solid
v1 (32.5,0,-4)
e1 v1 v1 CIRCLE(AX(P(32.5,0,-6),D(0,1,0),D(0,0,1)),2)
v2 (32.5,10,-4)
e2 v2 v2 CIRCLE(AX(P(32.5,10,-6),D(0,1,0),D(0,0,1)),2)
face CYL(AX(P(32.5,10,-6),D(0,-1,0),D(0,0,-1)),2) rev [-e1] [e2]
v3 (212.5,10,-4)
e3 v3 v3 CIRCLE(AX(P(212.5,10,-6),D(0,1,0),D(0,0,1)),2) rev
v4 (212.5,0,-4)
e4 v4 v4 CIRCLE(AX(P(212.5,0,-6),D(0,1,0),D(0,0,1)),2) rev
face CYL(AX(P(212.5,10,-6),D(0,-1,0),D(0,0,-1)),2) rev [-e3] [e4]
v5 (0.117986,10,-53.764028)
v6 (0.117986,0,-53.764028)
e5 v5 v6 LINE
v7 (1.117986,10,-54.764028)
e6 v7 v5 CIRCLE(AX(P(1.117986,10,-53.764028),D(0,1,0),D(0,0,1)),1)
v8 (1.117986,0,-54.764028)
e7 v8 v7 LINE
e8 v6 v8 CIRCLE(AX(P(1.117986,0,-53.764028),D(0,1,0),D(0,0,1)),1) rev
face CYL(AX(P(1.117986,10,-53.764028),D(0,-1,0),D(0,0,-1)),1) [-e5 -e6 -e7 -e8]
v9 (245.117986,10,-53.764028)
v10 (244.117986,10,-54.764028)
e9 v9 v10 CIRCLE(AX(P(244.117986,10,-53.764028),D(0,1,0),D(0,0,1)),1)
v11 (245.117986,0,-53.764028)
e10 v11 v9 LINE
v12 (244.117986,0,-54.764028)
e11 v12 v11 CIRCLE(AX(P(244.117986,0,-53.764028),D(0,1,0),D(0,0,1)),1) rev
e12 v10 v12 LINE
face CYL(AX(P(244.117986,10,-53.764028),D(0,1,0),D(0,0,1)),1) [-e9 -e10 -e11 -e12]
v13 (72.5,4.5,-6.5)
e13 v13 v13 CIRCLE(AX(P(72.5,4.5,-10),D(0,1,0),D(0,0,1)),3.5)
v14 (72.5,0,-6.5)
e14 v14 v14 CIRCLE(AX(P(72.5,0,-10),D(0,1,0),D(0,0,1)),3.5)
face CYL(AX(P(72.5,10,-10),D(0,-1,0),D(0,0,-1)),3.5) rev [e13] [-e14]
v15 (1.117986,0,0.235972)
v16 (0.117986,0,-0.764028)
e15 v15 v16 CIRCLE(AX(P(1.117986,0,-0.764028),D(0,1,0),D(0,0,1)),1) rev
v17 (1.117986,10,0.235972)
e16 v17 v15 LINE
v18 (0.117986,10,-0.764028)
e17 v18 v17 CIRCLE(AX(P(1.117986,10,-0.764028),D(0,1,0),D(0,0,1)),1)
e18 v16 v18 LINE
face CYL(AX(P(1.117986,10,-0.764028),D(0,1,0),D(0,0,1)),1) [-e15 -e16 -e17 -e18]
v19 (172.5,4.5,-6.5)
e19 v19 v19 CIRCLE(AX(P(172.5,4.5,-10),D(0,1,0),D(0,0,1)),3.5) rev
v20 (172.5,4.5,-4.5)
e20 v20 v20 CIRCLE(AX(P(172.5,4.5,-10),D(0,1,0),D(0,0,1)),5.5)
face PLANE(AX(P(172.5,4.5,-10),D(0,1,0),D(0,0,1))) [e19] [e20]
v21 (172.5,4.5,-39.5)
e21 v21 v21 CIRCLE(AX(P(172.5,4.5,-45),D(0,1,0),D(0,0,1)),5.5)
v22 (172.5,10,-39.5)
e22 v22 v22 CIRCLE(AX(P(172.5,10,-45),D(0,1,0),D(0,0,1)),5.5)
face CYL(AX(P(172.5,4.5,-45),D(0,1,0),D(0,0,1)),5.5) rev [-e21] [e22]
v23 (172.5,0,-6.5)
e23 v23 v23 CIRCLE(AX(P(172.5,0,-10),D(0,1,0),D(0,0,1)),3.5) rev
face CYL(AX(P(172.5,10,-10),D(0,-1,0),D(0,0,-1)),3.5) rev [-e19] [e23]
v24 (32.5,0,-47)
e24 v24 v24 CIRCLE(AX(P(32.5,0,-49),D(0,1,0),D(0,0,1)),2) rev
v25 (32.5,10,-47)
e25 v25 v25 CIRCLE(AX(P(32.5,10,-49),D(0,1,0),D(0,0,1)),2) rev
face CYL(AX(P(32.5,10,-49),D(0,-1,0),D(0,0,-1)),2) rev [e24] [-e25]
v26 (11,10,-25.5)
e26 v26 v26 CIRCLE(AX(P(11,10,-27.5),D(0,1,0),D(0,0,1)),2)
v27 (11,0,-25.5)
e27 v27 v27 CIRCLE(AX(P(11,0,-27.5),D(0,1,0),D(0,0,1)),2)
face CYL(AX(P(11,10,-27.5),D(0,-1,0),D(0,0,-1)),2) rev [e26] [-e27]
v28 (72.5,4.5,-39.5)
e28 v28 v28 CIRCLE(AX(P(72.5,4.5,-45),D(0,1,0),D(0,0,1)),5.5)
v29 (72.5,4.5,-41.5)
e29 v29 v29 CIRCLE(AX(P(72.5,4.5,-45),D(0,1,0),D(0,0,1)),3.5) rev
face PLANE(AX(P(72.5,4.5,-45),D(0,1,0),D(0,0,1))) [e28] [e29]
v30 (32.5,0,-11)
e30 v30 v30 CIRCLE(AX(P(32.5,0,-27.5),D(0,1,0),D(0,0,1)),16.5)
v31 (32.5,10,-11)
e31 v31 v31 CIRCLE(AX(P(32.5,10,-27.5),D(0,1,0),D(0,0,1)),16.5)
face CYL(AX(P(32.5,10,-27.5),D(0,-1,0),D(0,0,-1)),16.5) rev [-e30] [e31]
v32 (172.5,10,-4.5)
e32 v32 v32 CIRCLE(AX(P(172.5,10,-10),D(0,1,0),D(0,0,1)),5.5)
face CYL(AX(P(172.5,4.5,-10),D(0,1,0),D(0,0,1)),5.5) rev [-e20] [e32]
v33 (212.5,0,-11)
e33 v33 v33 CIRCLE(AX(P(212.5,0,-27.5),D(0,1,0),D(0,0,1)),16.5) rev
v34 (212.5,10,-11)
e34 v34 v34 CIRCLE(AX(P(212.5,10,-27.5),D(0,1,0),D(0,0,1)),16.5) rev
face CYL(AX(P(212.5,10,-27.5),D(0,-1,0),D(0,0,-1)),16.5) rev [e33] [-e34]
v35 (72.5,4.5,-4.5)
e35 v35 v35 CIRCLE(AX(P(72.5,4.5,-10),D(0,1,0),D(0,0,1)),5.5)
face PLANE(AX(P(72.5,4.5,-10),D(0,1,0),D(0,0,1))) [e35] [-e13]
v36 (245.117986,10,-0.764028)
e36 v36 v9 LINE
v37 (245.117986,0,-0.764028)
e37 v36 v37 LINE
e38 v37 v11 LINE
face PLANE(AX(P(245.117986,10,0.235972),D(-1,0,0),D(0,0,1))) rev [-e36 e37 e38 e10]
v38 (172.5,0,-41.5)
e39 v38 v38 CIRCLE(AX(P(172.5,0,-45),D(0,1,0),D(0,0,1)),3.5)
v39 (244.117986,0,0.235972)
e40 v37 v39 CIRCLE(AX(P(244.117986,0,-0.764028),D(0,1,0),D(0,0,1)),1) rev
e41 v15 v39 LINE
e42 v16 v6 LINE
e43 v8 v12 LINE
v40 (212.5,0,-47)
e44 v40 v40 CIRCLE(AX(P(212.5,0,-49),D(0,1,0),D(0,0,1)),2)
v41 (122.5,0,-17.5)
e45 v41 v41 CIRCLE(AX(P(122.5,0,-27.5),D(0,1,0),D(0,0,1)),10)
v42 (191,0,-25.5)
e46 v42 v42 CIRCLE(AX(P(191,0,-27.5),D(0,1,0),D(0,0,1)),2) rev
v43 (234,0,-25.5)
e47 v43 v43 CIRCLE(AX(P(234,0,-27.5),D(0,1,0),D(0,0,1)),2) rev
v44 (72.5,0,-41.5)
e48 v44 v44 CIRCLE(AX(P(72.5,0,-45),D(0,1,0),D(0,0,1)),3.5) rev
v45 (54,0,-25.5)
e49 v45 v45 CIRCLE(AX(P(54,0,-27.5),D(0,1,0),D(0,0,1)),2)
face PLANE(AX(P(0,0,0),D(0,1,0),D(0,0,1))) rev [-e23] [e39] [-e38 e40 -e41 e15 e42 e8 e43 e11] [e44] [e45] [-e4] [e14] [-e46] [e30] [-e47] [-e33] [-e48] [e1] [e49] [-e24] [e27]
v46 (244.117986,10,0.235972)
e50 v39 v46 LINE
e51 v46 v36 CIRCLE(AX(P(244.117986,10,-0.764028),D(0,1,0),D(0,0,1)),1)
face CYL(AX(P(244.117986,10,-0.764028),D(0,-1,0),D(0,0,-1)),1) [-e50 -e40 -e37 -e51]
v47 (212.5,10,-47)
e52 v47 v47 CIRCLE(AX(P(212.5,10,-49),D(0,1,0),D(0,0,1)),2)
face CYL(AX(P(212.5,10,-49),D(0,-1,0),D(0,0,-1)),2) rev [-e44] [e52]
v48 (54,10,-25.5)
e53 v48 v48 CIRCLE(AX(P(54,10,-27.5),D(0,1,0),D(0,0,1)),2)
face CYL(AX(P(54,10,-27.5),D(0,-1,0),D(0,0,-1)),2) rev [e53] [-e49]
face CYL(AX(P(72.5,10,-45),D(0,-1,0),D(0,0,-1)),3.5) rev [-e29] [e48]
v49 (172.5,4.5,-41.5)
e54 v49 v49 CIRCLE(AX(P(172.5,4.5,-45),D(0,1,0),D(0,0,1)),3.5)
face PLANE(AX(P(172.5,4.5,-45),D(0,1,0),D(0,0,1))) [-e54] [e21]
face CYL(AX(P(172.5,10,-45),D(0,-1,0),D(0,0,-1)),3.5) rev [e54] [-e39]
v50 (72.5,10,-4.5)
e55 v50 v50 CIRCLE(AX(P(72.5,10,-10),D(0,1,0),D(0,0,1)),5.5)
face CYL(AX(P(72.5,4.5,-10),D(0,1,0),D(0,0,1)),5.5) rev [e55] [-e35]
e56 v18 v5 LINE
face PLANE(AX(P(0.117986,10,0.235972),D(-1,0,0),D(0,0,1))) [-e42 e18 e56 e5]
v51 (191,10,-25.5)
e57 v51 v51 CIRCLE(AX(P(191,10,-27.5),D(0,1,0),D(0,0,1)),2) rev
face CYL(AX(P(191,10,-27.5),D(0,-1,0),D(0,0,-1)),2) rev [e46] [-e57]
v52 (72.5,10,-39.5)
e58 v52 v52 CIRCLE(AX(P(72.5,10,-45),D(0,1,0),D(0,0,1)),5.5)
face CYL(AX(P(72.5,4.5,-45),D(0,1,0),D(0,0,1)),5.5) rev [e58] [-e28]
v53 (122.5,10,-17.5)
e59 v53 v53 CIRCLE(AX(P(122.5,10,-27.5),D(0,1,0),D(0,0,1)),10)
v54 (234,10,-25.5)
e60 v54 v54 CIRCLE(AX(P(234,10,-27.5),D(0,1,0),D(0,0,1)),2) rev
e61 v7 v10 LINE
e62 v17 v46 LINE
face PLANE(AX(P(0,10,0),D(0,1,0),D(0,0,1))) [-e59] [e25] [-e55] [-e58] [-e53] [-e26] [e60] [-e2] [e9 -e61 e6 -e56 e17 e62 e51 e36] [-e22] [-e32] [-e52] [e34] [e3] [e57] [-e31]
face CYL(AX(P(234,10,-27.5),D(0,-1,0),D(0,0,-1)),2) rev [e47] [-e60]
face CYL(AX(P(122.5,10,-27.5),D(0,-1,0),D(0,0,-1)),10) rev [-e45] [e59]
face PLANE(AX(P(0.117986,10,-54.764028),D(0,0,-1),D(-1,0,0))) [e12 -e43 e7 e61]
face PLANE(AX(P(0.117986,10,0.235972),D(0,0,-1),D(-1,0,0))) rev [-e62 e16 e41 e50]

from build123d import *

# Parameters (mm, degrees)
SKETCH_1_W          = 245
SKETCH_1_H          = 55
SKETCH_1_R          = 16.5
SKETCH_1_R_2        = 2
SKETCH_1_R_3        = 3.5
SKETCH_1_R_4        = 10
EXTRUDE_4_DEPTH     = 10
SKETCH_2_R          = 5.5
CUT_EXTRUDE_1_DEPTH = 5.5
FILLET_1_R          = 1


with BuildPart() as part:
    # 草图1 → 凸台-拉伸4 (new body)
    with BuildSketch(Plane(origin=(0, 0, 0), x_dir=(1, 0, 0), z_dir=(0, 1, 0))):
        with Locations((122.617986059, 27.264027881)):
            Rectangle(SKETCH_1_W, SKETCH_1_H)
        with Locations(Location((32.5, 27.5, 0), (0, 0, 270))):
            Circle(SKETCH_1_R, mode=Mode.SUBTRACT)
        with Locations(Location((11, 27.5, 0), (0, 0, 270))):
            Circle(SKETCH_1_R_2, mode=Mode.SUBTRACT)
        with Locations(Location((54, 27.5, 0), (0, 0, 270))):
            Circle(SKETCH_1_R_2, mode=Mode.SUBTRACT)
        with Locations(Location((32.5, 6, 0), (0, 0, 270))):
            Circle(SKETCH_1_R_2, mode=Mode.SUBTRACT)
        with Locations(Location((72.5, 10, 0), (0, 0, 270))):
            Circle(SKETCH_1_R_3, mode=Mode.SUBTRACT)
        with Locations(Location((72.5, 45, 0), (0, 0, 270))):
            Circle(SKETCH_1_R_3, mode=Mode.SUBTRACT)
        with Locations(Location((32.5, 49, 0), (0, 0, 270))):
            Circle(SKETCH_1_R_2, mode=Mode.SUBTRACT)
        with Locations(Location((212.5, 6, 0), (0, 0, 270))):
            Circle(SKETCH_1_R_2, mode=Mode.SUBTRACT)
        with Locations(Location((172.5, 10, 0), (0, 0, 270))):
            Circle(SKETCH_1_R_3, mode=Mode.SUBTRACT)
        with Locations(Location((234, 27.5, 0), (0, 0, 270))):
            Circle(SKETCH_1_R_2, mode=Mode.SUBTRACT)
        with Locations(Location((191, 27.5, 0), (0, 0, 270))):
            Circle(SKETCH_1_R_2, mode=Mode.SUBTRACT)
        with Locations(Location((172.5, 45, 0), (0, 0, 270))):
            Circle(SKETCH_1_R_3, mode=Mode.SUBTRACT)
        with Locations(Location((212.5, 49, 0), (0, 0, 270))):
            Circle(SKETCH_1_R_2, mode=Mode.SUBTRACT)
        with Locations(Location((212.5, 27.5, 0), (0, 0, 270))):
            Circle(SKETCH_1_R, mode=Mode.SUBTRACT)
        with Locations(Location((122.5, 27.5, 0), (0, 0, 270))):
            Circle(SKETCH_1_R_4, mode=Mode.SUBTRACT)
    extrude(amount=EXTRUDE_4_DEPTH)

    # 草图2 → 切除-拉伸1 (cut)
    with BuildSketch(Plane(origin=(0, 10, 0), x_dir=(1, 0, 0), z_dir=(0, 1, 0))):
        with Locations(Location((72.5, 45, 0), (0, 0, 270))):
            Circle(SKETCH_2_R)
        with Locations(Location((72.5, 10, 0), (0, 0, 270))):
            Circle(SKETCH_2_R)
        with Locations(Location((172.5, 45, 0), (0, 0, 270))):
            Circle(SKETCH_2_R)
        with Locations(Location((172.5, 10, 0), (0, 0, 270))):
            Circle(SKETCH_2_R)
    extrude(amount=-CUT_EXTRUDE_1_DEPTH, mode=Mode.SUBTRACT)

    # 圆角1
    fillet_1_edges = [part.edges().sort_by_distance(p)[0] for p in [
        (0.117986059, 5, -54.764027881),
        (0.117986059, 5, 0.235972119),
        (245.117986059, 5, 0.235972119),
        (245.117986059, 5, -54.764027881),
    ]]
    fillet(fillet_1_edges, radius=FILLET_1_R)


solid = part.part
